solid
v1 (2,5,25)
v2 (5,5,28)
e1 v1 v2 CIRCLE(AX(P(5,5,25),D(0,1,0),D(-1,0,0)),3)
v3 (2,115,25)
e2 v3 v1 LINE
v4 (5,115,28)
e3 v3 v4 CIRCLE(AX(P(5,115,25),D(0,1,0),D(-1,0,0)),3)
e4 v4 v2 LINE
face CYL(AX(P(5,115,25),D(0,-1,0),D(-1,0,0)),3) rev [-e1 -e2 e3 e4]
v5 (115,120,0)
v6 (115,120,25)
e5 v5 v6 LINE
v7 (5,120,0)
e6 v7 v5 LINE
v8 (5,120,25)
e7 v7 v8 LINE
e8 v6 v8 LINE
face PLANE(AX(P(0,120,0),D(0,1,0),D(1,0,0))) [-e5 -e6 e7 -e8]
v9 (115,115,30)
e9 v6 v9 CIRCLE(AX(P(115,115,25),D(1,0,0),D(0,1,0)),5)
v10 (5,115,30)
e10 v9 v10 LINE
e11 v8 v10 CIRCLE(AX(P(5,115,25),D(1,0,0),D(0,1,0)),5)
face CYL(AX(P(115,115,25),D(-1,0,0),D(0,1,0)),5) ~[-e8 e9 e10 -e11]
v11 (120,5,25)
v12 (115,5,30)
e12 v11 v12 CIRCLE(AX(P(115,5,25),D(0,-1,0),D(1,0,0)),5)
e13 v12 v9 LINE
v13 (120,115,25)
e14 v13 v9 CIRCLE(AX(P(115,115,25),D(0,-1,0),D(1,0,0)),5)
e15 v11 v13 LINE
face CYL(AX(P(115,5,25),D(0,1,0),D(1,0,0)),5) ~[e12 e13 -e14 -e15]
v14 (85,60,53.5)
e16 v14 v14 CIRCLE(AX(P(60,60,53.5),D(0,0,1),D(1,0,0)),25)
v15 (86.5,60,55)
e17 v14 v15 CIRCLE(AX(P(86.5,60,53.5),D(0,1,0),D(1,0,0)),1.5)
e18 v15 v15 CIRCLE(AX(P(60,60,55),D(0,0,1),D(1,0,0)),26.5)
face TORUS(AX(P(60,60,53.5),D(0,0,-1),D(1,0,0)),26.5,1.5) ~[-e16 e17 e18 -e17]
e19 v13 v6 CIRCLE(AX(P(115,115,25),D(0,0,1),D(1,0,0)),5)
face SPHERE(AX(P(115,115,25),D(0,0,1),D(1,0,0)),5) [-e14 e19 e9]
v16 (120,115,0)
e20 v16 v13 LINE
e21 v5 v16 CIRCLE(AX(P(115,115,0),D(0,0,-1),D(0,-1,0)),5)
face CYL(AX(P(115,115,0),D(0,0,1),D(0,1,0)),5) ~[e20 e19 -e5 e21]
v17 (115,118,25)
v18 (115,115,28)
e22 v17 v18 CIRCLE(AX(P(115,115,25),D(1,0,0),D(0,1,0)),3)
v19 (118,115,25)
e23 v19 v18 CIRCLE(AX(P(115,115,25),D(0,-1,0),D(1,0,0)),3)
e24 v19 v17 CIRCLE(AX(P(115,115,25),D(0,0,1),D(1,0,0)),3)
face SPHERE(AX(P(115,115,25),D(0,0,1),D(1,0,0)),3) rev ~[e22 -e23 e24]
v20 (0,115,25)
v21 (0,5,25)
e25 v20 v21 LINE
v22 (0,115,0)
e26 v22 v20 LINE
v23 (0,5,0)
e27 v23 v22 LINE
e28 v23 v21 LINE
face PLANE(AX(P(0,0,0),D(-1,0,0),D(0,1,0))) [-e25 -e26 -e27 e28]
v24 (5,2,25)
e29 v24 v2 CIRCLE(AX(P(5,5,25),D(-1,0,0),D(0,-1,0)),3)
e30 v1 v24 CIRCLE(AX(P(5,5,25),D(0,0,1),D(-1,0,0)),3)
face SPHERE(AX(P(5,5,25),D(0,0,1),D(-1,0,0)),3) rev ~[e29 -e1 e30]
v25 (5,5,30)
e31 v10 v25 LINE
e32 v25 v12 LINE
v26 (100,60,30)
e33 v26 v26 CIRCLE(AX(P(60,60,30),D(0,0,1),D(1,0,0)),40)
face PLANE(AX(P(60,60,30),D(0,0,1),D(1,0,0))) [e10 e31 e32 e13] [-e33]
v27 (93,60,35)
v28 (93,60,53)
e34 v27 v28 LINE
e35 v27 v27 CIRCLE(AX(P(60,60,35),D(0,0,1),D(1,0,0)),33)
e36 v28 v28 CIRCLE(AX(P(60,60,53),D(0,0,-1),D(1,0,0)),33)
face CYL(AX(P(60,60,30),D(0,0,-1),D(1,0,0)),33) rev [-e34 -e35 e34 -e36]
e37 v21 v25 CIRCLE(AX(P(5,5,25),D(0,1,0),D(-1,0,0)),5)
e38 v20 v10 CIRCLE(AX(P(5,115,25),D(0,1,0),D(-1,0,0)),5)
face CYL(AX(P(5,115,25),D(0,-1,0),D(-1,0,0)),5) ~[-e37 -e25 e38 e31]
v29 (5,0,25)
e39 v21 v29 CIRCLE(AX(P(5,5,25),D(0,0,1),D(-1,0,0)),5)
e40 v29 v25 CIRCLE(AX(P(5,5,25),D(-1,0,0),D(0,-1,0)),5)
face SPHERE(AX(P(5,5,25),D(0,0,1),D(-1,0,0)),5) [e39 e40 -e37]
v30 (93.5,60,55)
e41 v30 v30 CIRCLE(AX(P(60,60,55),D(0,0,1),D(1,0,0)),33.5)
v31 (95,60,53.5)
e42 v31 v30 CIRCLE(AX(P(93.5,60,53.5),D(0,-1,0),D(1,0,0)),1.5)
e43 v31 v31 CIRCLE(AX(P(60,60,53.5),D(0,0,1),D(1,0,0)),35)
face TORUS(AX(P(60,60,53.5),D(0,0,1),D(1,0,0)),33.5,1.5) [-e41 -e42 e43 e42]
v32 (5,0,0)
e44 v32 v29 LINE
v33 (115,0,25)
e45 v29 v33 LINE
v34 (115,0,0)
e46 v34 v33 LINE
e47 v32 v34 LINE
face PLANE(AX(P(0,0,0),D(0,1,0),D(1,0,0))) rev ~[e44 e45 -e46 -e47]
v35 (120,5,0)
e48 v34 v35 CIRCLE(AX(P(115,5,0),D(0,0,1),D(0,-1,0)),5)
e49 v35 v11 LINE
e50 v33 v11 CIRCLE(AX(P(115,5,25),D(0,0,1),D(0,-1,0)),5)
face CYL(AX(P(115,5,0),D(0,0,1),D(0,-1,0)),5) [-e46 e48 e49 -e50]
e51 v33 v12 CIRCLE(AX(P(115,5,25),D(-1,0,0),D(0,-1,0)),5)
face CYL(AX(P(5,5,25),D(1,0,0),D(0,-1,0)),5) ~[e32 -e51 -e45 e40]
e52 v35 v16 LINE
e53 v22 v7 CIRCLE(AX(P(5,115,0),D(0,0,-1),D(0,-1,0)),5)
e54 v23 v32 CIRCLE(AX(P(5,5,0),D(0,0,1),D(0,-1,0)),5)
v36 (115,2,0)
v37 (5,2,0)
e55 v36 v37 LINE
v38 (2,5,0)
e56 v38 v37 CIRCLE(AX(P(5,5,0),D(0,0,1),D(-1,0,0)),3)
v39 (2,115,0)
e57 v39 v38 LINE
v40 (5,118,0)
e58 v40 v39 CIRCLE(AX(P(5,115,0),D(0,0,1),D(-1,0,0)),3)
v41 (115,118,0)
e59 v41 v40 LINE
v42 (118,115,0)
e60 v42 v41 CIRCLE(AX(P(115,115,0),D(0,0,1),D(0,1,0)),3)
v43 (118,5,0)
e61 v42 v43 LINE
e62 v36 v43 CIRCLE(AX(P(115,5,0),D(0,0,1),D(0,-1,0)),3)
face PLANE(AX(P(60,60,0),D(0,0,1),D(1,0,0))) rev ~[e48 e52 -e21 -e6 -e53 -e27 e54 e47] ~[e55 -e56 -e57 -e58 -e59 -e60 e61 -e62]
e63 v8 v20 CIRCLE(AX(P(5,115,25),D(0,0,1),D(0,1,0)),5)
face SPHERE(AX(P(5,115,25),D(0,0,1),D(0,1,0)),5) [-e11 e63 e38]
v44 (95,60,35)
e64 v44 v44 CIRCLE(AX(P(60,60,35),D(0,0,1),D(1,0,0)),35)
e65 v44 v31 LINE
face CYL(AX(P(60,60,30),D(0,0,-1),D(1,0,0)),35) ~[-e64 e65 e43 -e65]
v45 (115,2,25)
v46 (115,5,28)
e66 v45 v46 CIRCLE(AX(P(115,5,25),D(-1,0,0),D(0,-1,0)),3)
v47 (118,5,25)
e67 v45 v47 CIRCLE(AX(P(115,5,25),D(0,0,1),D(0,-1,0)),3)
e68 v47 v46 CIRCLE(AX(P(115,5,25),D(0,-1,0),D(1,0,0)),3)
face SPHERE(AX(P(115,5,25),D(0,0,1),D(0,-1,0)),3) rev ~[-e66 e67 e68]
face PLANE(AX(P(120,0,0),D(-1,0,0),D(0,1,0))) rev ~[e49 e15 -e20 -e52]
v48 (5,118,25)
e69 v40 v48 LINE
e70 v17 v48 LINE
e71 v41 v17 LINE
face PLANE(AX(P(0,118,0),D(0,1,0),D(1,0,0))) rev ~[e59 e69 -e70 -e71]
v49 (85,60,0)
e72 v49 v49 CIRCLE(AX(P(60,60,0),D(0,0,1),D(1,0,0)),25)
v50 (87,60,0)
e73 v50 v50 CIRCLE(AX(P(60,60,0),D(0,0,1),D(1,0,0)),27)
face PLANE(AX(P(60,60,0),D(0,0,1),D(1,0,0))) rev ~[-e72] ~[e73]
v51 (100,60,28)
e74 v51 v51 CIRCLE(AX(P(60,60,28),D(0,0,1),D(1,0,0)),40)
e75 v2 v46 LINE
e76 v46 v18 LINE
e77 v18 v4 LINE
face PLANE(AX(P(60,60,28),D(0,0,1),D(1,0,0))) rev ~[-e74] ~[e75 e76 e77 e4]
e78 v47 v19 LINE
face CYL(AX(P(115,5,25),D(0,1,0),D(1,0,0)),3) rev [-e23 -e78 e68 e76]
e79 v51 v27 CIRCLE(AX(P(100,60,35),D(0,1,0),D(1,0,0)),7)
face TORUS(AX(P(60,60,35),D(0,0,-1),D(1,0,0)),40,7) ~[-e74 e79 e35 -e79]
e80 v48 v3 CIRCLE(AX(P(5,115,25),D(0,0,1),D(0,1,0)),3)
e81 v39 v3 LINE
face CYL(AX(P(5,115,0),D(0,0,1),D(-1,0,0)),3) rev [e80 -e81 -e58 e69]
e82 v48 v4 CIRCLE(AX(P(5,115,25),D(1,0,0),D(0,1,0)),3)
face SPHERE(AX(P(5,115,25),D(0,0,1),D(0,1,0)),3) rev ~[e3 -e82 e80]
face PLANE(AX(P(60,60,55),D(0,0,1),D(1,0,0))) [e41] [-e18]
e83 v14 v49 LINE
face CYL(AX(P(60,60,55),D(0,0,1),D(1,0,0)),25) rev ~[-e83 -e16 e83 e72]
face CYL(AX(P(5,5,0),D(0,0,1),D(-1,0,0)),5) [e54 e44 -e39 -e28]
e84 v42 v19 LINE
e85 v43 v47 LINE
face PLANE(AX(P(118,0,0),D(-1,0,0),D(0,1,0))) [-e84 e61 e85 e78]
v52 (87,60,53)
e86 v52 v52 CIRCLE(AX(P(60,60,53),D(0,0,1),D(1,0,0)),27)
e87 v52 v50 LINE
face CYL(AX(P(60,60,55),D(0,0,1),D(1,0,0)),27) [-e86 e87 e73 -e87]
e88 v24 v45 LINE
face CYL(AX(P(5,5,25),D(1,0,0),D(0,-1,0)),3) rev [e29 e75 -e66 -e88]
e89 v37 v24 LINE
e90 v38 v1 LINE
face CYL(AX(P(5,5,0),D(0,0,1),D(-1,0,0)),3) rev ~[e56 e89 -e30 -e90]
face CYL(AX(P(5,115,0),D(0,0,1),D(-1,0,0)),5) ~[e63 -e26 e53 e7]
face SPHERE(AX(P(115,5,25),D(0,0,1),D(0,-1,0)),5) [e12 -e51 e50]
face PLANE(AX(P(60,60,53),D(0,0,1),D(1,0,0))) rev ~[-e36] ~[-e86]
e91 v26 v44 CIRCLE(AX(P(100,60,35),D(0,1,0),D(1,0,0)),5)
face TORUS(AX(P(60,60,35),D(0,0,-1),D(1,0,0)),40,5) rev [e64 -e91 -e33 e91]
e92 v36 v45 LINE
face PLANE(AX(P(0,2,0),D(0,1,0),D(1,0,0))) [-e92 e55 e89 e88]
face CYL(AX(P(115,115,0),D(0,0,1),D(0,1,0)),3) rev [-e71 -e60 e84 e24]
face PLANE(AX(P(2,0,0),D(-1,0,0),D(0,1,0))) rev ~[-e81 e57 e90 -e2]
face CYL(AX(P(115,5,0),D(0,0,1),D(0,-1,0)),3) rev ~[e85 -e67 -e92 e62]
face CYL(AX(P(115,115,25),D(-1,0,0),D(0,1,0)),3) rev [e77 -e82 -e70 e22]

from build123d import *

# Parameters (mm, degrees)
SKETCH3_W           = 120
SKETCH3_H           = 120
BOSS_EXTRUDE1_DEPTH = 30
SKETCH4_R           = 35
BOSS_EXTRUDE2_DEPTH = 25
SKETCH6_R           = 25
CUT_EXTRUDE1_DEPTH  = 56
FILLET3_R           = 1.5
FILLET4_R           = 5
FILLET8_R           = 5
SHELL1_T            = -2


with BuildPart() as part:
    # Sketch3 → Boss-Extrude1 (new body)
    with BuildSketch(Plane.XY):
        with Locations((60, 60)):
            Rectangle(SKETCH3_W, SKETCH3_H)
    extrude(amount=BOSS_EXTRUDE1_DEPTH)

    # Sketch4 → Boss-Extrude2 (add)
    with BuildSketch(Plane.XY.offset(30)):
        with Locations((60, 60)):
            Circle(SKETCH4_R)
    extrude(amount=BOSS_EXTRUDE2_DEPTH)

    # Sketch6 → Cut-Extrude1 (cut, through all)
    with BuildSketch(Plane.XY.offset(55)):
        with Locations((60, 60)):
            Circle(SKETCH6_R)
    extrude(amount=-CUT_EXTRUDE1_DEPTH, mode=Mode.SUBTRACT)

    # Fillet3
    fillet3_edges = [part.edges().sort_by_distance(p)[0] for p in [
        (25, 60, 55),
        (35, 60, 55),
    ]]
    fillet(fillet3_edges, radius=FILLET3_R)

    # Fillet4
    fillet4_edges = [part.edges().sort_by_distance(p)[0] for p in [
        (0, 120, 15),
        (120, 120, 15),
        (120, 0, 15),
        (0, 0, 15),
    ]]
    fillet(fillet4_edges, radius=FILLET4_R)

    # Fillet8
    fillet8_edges = [part.edges().sort_by_distance(p)[0] for p in [
        (25, 60, 30),
        (60, 0, 30),
        (0, 60, 30),
        (120, 60, 30),
        (60, 120, 30),
        (118.535533906, 118.535533906, 30),
        (1.464466094, 118.535533906, 30),
        (118.535533906, 1.464466094, 30),
        (1.464466094, 1.464466094, 30),
    ]]
    fillet(fillet8_edges, radius=FILLET8_R)

    # Shell1
    shell1_openings = [part.faces().sort_by_distance(p)[0] for p in [
        (85, 60, 0),
    ]]
    offset(amount=SHELL1_T, openings=shell1_openings, kind=Kind.INTERSECTION)


solid = part.part
